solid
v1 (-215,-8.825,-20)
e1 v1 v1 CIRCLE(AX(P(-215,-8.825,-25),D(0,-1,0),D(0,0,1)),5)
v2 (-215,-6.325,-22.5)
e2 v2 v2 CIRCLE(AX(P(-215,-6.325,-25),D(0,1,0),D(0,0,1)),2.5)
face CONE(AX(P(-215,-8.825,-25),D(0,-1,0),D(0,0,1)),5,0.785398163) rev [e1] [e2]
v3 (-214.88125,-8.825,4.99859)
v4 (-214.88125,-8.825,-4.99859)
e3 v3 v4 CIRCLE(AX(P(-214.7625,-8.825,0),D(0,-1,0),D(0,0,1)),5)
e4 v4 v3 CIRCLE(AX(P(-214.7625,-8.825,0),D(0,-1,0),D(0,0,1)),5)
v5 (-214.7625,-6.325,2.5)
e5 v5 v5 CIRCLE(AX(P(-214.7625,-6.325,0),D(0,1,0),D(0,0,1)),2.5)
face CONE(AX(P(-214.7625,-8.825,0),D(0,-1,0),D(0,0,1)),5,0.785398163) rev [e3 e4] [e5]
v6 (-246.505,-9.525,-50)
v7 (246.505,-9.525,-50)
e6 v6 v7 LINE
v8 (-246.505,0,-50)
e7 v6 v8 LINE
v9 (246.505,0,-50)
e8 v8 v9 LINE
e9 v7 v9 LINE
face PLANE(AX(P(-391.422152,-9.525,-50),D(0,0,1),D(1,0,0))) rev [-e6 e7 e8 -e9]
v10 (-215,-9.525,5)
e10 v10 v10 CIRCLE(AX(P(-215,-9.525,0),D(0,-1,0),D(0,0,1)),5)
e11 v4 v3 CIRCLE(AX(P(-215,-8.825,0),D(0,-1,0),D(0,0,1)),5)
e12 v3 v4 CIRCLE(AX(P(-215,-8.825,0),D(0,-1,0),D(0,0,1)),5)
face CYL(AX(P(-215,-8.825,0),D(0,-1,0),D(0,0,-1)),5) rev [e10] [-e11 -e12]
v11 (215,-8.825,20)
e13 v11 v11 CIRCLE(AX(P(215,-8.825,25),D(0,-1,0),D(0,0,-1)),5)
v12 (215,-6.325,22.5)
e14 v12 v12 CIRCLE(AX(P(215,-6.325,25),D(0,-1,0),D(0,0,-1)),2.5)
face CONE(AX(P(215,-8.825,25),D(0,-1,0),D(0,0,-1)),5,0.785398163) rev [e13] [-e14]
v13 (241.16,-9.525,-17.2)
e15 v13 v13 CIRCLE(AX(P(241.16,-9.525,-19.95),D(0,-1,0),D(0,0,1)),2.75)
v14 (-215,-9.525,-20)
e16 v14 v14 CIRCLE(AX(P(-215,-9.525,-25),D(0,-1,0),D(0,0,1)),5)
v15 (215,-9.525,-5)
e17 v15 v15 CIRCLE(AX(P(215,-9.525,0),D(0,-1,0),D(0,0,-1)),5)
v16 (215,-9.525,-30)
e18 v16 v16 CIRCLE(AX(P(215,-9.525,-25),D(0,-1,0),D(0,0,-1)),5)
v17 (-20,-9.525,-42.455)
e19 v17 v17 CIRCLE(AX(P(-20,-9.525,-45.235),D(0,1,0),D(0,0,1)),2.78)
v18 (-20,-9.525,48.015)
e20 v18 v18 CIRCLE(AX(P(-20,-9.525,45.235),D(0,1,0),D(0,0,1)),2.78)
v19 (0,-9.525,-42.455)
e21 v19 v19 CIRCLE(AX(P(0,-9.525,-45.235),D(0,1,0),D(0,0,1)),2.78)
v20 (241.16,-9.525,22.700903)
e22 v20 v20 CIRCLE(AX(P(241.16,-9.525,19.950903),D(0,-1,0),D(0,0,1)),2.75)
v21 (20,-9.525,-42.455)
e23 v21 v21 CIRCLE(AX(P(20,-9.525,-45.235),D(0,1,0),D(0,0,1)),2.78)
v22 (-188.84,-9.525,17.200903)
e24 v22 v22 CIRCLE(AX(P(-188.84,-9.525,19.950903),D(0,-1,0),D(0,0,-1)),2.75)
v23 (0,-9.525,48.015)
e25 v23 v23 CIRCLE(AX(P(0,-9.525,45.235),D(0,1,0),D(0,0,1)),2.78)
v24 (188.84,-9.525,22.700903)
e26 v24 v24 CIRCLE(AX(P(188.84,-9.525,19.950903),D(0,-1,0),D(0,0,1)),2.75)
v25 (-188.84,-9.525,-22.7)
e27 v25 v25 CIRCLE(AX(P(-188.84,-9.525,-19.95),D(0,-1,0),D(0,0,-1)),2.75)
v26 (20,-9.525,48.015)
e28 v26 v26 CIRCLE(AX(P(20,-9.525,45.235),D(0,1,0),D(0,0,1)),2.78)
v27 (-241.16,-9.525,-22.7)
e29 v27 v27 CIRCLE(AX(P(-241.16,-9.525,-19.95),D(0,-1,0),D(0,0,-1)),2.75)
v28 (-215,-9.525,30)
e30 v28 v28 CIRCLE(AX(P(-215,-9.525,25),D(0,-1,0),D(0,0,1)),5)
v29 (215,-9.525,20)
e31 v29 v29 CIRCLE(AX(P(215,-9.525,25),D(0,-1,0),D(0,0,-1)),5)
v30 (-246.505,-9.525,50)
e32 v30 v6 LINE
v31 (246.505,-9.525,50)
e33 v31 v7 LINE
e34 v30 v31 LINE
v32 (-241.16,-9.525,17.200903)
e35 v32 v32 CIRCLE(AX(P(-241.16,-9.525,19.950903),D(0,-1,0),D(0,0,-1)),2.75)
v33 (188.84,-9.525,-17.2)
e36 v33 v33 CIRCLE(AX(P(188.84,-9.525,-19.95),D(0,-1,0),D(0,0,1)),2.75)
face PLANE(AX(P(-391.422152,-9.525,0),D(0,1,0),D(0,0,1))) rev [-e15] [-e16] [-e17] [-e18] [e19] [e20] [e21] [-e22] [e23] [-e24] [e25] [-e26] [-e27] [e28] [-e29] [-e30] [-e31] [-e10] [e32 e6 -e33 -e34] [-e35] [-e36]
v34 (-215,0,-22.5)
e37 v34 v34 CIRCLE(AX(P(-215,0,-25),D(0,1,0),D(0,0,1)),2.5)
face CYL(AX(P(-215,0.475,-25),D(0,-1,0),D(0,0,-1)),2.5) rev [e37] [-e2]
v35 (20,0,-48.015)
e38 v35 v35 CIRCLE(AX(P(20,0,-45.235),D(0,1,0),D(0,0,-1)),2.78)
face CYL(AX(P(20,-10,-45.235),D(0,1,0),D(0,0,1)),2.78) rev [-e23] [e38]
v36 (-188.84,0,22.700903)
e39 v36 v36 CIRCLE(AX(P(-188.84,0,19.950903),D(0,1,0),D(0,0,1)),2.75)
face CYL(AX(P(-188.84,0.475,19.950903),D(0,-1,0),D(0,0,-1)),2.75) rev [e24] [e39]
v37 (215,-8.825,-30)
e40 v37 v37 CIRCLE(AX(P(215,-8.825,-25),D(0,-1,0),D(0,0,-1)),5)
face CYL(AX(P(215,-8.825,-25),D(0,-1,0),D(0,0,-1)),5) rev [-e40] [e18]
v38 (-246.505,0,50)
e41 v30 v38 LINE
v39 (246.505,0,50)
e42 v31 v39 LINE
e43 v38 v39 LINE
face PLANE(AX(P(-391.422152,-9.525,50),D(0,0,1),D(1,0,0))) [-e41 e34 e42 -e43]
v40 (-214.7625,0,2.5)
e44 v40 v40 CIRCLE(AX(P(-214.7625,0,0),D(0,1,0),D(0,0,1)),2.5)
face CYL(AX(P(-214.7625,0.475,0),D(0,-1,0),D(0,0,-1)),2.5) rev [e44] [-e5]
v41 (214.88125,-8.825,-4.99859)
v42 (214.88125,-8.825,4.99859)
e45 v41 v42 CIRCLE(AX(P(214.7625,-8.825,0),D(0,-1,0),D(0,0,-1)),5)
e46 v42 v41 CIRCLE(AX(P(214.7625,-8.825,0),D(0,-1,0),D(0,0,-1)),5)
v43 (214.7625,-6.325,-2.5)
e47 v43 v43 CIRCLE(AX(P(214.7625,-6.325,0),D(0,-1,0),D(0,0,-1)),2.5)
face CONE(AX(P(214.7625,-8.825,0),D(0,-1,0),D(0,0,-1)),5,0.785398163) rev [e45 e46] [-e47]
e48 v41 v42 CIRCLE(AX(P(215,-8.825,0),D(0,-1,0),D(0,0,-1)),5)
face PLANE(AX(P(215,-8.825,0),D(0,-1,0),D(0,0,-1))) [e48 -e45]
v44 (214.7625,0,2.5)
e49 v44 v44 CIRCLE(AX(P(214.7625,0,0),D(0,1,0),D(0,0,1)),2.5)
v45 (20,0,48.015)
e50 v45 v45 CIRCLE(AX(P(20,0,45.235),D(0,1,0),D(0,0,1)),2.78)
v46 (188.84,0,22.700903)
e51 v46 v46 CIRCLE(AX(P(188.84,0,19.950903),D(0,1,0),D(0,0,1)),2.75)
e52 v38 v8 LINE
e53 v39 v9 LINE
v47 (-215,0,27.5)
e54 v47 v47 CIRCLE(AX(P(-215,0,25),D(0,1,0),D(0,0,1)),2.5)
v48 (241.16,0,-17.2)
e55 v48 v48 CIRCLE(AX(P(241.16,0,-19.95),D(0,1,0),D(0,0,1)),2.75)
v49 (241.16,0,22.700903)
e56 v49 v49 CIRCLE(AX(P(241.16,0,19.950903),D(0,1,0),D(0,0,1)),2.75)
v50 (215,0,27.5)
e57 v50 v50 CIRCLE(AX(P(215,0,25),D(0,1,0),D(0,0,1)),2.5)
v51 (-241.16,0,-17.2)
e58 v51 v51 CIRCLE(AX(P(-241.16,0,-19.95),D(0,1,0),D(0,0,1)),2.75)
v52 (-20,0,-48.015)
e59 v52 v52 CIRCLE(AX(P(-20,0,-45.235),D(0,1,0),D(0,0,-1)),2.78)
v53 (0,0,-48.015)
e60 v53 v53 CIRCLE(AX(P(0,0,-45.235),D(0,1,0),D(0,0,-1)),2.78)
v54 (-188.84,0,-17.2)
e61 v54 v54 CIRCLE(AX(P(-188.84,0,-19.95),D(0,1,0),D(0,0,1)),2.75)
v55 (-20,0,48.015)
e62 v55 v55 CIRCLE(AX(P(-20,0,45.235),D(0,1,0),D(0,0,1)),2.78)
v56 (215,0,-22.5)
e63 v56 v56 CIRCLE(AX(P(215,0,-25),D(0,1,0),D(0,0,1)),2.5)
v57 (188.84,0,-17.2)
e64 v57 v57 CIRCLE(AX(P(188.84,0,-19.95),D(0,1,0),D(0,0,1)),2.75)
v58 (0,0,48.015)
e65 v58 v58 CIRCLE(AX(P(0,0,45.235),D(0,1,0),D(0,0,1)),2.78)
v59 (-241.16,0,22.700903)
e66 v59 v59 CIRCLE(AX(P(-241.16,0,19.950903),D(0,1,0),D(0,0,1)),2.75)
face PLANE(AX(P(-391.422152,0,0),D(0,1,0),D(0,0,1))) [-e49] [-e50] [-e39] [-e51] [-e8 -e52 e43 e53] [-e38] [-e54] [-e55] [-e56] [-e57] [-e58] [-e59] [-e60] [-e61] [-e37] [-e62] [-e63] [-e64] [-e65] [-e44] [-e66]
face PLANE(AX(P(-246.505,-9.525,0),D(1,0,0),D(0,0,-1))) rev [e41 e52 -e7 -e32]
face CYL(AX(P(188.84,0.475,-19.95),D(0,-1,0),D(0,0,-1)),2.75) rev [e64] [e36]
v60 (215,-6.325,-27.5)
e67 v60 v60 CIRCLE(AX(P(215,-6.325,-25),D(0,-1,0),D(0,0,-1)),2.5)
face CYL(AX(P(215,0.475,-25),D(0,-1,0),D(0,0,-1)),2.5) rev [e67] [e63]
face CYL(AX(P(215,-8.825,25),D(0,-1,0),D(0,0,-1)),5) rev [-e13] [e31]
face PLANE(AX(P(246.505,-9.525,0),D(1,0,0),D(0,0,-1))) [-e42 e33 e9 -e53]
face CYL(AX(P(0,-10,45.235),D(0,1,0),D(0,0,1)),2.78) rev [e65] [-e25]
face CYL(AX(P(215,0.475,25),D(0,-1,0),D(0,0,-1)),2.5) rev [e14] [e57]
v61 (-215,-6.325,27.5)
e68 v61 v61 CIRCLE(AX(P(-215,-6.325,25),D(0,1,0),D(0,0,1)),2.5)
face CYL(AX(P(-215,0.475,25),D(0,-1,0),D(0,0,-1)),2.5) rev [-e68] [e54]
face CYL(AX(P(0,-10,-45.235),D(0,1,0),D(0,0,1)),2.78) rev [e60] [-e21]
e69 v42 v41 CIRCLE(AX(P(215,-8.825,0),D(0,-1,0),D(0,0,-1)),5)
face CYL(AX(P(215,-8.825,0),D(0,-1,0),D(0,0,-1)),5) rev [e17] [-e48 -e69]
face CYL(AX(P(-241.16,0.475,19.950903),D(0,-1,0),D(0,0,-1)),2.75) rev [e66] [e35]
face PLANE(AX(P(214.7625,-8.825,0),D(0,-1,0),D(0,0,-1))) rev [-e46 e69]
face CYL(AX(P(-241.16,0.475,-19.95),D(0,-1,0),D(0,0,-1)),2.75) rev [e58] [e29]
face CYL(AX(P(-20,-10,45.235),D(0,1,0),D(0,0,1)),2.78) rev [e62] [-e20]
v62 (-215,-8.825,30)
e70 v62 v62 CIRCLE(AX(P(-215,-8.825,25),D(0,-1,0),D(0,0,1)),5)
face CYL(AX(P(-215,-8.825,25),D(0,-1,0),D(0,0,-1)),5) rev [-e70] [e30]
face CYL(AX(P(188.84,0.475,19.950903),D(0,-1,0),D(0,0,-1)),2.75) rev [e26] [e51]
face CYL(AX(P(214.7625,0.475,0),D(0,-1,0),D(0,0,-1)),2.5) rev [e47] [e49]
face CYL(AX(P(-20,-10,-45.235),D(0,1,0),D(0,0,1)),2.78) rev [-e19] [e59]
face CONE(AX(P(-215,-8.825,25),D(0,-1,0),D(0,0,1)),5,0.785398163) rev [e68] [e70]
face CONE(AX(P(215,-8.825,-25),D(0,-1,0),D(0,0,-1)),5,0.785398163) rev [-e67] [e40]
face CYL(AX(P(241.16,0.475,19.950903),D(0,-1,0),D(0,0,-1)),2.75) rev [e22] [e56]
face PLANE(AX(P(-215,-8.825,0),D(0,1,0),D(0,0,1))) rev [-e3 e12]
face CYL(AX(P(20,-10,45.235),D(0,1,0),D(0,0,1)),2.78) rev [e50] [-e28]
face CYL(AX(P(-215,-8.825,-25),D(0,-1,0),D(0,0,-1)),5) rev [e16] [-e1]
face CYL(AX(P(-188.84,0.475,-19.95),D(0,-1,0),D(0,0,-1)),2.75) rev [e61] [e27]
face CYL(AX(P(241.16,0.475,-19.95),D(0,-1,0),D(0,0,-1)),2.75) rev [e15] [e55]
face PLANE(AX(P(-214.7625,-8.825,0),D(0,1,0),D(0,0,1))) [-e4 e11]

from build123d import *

# Parameters (mm, degrees)
RESSALTO_EXTRUS_O1_DEPTH        = 9.525
ESBO_O5_R                       = 2.78
CORTE_EXTRUS_O2_DEPTH           = 10
ESBO_O8_R                       = 2.75
CORTE_EXTRUS_O4_DEPTH           = 10
ESBO_O9_R                       = 5
CORTE_EXTRUS_O5_DEPTH           = 0.7
ESBO_O10_R                      = 5
CORTE_EXTRUS_O6_DEPTH           = 2.5
CORTE_EXTRUS_O6_DRAFT           = -45
CORTE_EXTRUS_O6_PROFILE_2_DEPTH = 2.5
CORTE_EXTRUS_O6_PROFILE_2_DRAFT = -45
CORTE_EXTRUS_O6_PROFILE_3_DEPTH = 2.5
CORTE_EXTRUS_O6_PROFILE_3_DRAFT = -45
CORTE_EXTRUS_O6_PROFILE_4_DEPTH = 2.5
CORTE_EXTRUS_O6_PROFILE_4_DRAFT = -45
CORTE_EXTRUS_O6_PROFILE_5_DEPTH = 2.5
CORTE_EXTRUS_O6_PROFILE_5_DRAFT = -45
CORTE_EXTRUS_O6_PROFILE_6_DEPTH = 2.5
CORTE_EXTRUS_O6_PROFILE_6_DRAFT = -45
ESBO_O11_R                      = 2.5
CORTE_EXTRUS_O7_DEPTH           = 10


with BuildPart() as part:
    # Esboço3 → Ressalto-extrusão1 (new body)
    with BuildSketch(Plane(origin=(0, 0, 0), x_dir=(1, 0, 0), z_dir=(0, 1, 0))):
        Polygon((-183.495, 37.21932618), (-246.505, 50), (-246.505, -50), (-183.495, -50), align=None)
        Polygon((-183.495, 50), (-183.495, 37.21932618), (183.495, -37.21932618), (183.495, 50), align=None)
        Polygon((183.495, -37.21932618), (-183.495, 37.21932618), (-183.495, -50), (183.495, -50), align=None)
        Polygon((246.505, -50), (183.495, -37.21932618), (183.495, -50), align=None)
        Polygon((183.495, 50), (183.495, -37.21932618), (246.505, -50), (246.505, 50), align=None)
        Polygon((-183.495, 50), (-246.505, 50), (-183.495, 37.21932618), align=None)
    extrude(amount=-RESSALTO_EXTRUS_O1_DEPTH)

    # Esboço5 → Corte-extrusão2 (cut)
    with BuildSketch(Plane(origin=(0, 0, 0), x_dir=(1, 0, 0), z_dir=(0, 1, 0))):
        with Locations(Location((0, -45.235, 0), (0, 0, 270))):
            Circle(ESBO_O5_R)
        with Locations(Location((-20, -45.235, 0), (0, 0, 270))):
            Circle(ESBO_O5_R)
        with Locations(Location((20, -45.235, 0), (0, 0, 270))):
            Circle(ESBO_O5_R)
        with Locations(Location((-20, 45.235, 0), (0, 0, 270))):
            Circle(ESBO_O5_R)
        with Locations(Location((20, 45.235, 0), (0, 0, 270))):
            Circle(ESBO_O5_R)
        with Locations(Location((0, 45.235, 0), (0, 0, 270))):
            Circle(ESBO_O5_R)
    extrude(amount=-CORTE_EXTRUS_O2_DEPTH, mode=Mode.SUBTRACT)

    # Esboço8 → Corte-extrusão4 (cut)
    with BuildSketch(Plane.XZ.offset(9.525)):
        with Locations(Location((-188.84, 19.950903247, 0), (0, 0, 270))):
            Circle(ESBO_O8_R)
        with Locations(Location((-188.84, -19.95, 0), (0, 0, 270))):
            Circle(ESBO_O8_R)
        with Locations(Location((-241.16, 19.950903247, 0), (0, 0, 270))):
            Circle(ESBO_O8_R)
        with Locations(Location((-241.16, -19.95, 0), (0, 0, 270))):
            Circle(ESBO_O8_R)
        with Locations(Location((241.16, -19.95, 0), (0, 0, 90))):
            Circle(ESBO_O8_R)
        with Locations(Location((241.16, 19.950903247, 0), (0, 0, 90))):
            Circle(ESBO_O8_R)
        with Locations(Location((188.84, -19.95, 0), (0, 0, 90))):
            Circle(ESBO_O8_R)
        with Locations(Location((188.84, 19.950903247, 0), (0, 0, 90))):
            Circle(ESBO_O8_R)
    extrude(amount=-CORTE_EXTRUS_O4_DEPTH, mode=Mode.SUBTRACT)

    # Esboço9 → Corte-extrusão5 (cut)
    with BuildSketch(Plane.XZ.offset(9.525)):
        with Locations(Location((215, 25, 0), (0, 0, 270))):
            Circle(ESBO_O9_R)
        with Locations(Location((215, 0, 0), (0, 0, 270))):
            Circle(ESBO_O9_R)
        with Locations(Location((215, -25, 0), (0, 0, 270))):
            Circle(ESBO_O9_R)
        with Locations(Location((-215, -25, 0), (0, 0, 90))):
            Circle(ESBO_O9_R)
        with Locations(Location((-215, 0, 0), (0, 0, 90))):
            Circle(ESBO_O9_R)
        with Locations(Location((-215, 25, 0), (0, 0, 90))):
            Circle(ESBO_O9_R)
    extrude(amount=-CORTE_EXTRUS_O5_DEPTH, mode=Mode.SUBTRACT)


with BuildPart() as corte_extrus_o6_tool:
    # Esboço10 → Corte-extrusão6 (with draft: the straight prism first)
    with BuildSketch(Plane.XZ.offset(8.825)):
        with Locations(Location((215, 25, 0), (0, 0, 270))):
            Circle(ESBO_O10_R)
    extrude(amount=-CORTE_EXTRUS_O6_DEPTH)
    # Corte-extrusão6: the draft: its side faces are tilted about the plane it starts from
    corte_extrus_o6_sides = [corte_extrus_o6_tool.faces().sort_by_distance(p)[0] for p in [
        (215, -7.575, 30),
    ]]
    draft(corte_extrus_o6_sides, Plane.XZ.offset(8.825), CORTE_EXTRUS_O6_DRAFT)


with BuildPart() as part_1:
    add(part.part)

    # Corte-extrusão6: cut by corte_extrus_o6_tool
    add(corte_extrus_o6_tool.part, mode=Mode.SUBTRACT)


with BuildPart() as corte_extrus_o6_profile_2_tool:
    # Esboço10 → Corte-extrusão6 profile 2 (with draft: the straight prism first)
    with BuildSketch(Plane.XZ.offset(8.825)):
        with Locations((214.7625, 0)):
            Circle(ESBO_O10_R)
    extrude(amount=-CORTE_EXTRUS_O6_PROFILE_2_DEPTH)
    # Corte-extrusão6 profile 2: the draft: its side faces are tilted about the plane it starts from
    corte_extrus_o6_profile_2_sides = [corte_extrus_o6_profile_2_tool.faces().sort_by_distance(p)[0] for p in [
        (209.7625, -7.575, 0),
    ]]
    draft(corte_extrus_o6_profile_2_sides, Plane.XZ.offset(8.825), CORTE_EXTRUS_O6_PROFILE_2_DRAFT)


with BuildPart() as part_2:
    add(part_1.part)

    # Corte-extrusão6 profile 2: cut by corte_extrus_o6_profile_2_tool
    add(corte_extrus_o6_profile_2_tool.part, mode=Mode.SUBTRACT)


with BuildPart() as corte_extrus_o6_profile_3_tool:
    # Esboço10 → Corte-extrusão6 profile 3 (with draft: the straight prism first)
    with BuildSketch(Plane.XZ.offset(8.825)):
        with Locations(Location((215, -25, 0), (0, 0, 270))):
            Circle(ESBO_O10_R)
    extrude(amount=-CORTE_EXTRUS_O6_PROFILE_3_DEPTH)
    # Corte-extrusão6 profile 3: the draft: its side faces are tilted about the plane it starts from
    corte_extrus_o6_profile_3_sides = [corte_extrus_o6_profile_3_tool.faces().sort_by_distance(p)[0] for p in [
        (215, -7.575, -20),
    ]]
    draft(corte_extrus_o6_profile_3_sides, Plane.XZ.offset(8.825), CORTE_EXTRUS_O6_PROFILE_3_DRAFT)


with BuildPart() as part_3:
    add(part_2.part)

    # Corte-extrusão6 profile 3: cut by corte_extrus_o6_profile_3_tool
    add(corte_extrus_o6_profile_3_tool.part, mode=Mode.SUBTRACT)


with BuildPart() as corte_extrus_o6_profile_4_tool:
    # Esboço10 → Corte-extrusão6 profile 4 (with draft: the straight prism first)
    with BuildSketch(Plane.XZ.offset(8.825)):
        with Locations(Location((-215, -25, 0), (0, 0, 90))):
            Circle(ESBO_O10_R)
    extrude(amount=-CORTE_EXTRUS_O6_PROFILE_4_DEPTH)
    # Corte-extrusão6 profile 4: the draft: its side faces are tilted about the plane it starts from
    corte_extrus_o6_profile_4_sides = [corte_extrus_o6_profile_4_tool.faces().sort_by_distance(p)[0] for p in [
        (-215, -7.575, -30),
    ]]
    draft(corte_extrus_o6_profile_4_sides, Plane.XZ.offset(8.825), CORTE_EXTRUS_O6_PROFILE_4_DRAFT)


with BuildPart() as part_4:
    add(part_3.part)

    # Corte-extrusão6 profile 4: cut by corte_extrus_o6_profile_4_tool
    add(corte_extrus_o6_profile_4_tool.part, mode=Mode.SUBTRACT)


with BuildPart() as corte_extrus_o6_profile_5_tool:
    # Esboço10 → Corte-extrusão6 profile 5 (with draft: the straight prism first)
    with BuildSketch(Plane.XZ.offset(8.825)):
        with Locations((-214.7625, 0)):
            Circle(ESBO_O10_R)
    extrude(amount=-CORTE_EXTRUS_O6_PROFILE_5_DEPTH)
    # Corte-extrusão6 profile 5: the draft: its side faces are tilted about the plane it starts from
    corte_extrus_o6_profile_5_sides = [corte_extrus_o6_profile_5_tool.faces().sort_by_distance(p)[0] for p in [
        (-219.7625, -7.575, 0),
    ]]
    draft(corte_extrus_o6_profile_5_sides, Plane.XZ.offset(8.825), CORTE_EXTRUS_O6_PROFILE_5_DRAFT)


with BuildPart() as part_5:
    add(part_4.part)

    # Corte-extrusão6 profile 5: cut by corte_extrus_o6_profile_5_tool
    add(corte_extrus_o6_profile_5_tool.part, mode=Mode.SUBTRACT)


with BuildPart() as corte_extrus_o6_profile_6_tool:
    # Esboço10 → Corte-extrusão6 profile 6 (with draft: the straight prism first)
    with BuildSketch(Plane.XZ.offset(8.825)):
        with Locations(Location((-215, 25, 0), (0, 0, 90))):
            Circle(ESBO_O10_R)
    extrude(amount=-CORTE_EXTRUS_O6_PROFILE_6_DEPTH)
    # Corte-extrusão6 profile 6: the draft: its side faces are tilted about the plane it starts from
    corte_extrus_o6_profile_6_sides = [corte_extrus_o6_profile_6_tool.faces().sort_by_distance(p)[0] for p in [
        (-215, -7.575, 20),
    ]]
    draft(corte_extrus_o6_profile_6_sides, Plane.XZ.offset(8.825), CORTE_EXTRUS_O6_PROFILE_6_DRAFT)


with BuildPart() as part_6:
    add(part_5.part)

    # Corte-extrusão6 profile 6: cut by corte_extrus_o6_profile_6_tool
    add(corte_extrus_o6_profile_6_tool.part, mode=Mode.SUBTRACT)

    # Esboço11 → Corte-extrusão7 (cut)
    with BuildSketch(Plane.XZ.offset(9.525)):
        with Locations(Location((215, 25, 0), (0, 0, 270))):
            Circle(ESBO_O11_R)
        with Locations(Location((214.7625, 0, 0), (0, 0, 270))):
            Circle(ESBO_O11_R)
        with Locations(Location((215, -25, 0), (0, 0, 270))):
            Circle(ESBO_O11_R)
        with Locations(Location((-215, -25, 0), (0, 0, 90))):
            Circle(ESBO_O11_R)
        with Locations(Location((-214.7625, 0, 0), (0, 0, 90))):
            Circle(ESBO_O11_R)
        with Locations(Location((-215, 25, 0), (0, 0, 90))):
            Circle(ESBO_O11_R)
    extrude(amount=-CORTE_EXTRUS_O7_DEPTH, mode=Mode.SUBTRACT)


solid = part_6.part
